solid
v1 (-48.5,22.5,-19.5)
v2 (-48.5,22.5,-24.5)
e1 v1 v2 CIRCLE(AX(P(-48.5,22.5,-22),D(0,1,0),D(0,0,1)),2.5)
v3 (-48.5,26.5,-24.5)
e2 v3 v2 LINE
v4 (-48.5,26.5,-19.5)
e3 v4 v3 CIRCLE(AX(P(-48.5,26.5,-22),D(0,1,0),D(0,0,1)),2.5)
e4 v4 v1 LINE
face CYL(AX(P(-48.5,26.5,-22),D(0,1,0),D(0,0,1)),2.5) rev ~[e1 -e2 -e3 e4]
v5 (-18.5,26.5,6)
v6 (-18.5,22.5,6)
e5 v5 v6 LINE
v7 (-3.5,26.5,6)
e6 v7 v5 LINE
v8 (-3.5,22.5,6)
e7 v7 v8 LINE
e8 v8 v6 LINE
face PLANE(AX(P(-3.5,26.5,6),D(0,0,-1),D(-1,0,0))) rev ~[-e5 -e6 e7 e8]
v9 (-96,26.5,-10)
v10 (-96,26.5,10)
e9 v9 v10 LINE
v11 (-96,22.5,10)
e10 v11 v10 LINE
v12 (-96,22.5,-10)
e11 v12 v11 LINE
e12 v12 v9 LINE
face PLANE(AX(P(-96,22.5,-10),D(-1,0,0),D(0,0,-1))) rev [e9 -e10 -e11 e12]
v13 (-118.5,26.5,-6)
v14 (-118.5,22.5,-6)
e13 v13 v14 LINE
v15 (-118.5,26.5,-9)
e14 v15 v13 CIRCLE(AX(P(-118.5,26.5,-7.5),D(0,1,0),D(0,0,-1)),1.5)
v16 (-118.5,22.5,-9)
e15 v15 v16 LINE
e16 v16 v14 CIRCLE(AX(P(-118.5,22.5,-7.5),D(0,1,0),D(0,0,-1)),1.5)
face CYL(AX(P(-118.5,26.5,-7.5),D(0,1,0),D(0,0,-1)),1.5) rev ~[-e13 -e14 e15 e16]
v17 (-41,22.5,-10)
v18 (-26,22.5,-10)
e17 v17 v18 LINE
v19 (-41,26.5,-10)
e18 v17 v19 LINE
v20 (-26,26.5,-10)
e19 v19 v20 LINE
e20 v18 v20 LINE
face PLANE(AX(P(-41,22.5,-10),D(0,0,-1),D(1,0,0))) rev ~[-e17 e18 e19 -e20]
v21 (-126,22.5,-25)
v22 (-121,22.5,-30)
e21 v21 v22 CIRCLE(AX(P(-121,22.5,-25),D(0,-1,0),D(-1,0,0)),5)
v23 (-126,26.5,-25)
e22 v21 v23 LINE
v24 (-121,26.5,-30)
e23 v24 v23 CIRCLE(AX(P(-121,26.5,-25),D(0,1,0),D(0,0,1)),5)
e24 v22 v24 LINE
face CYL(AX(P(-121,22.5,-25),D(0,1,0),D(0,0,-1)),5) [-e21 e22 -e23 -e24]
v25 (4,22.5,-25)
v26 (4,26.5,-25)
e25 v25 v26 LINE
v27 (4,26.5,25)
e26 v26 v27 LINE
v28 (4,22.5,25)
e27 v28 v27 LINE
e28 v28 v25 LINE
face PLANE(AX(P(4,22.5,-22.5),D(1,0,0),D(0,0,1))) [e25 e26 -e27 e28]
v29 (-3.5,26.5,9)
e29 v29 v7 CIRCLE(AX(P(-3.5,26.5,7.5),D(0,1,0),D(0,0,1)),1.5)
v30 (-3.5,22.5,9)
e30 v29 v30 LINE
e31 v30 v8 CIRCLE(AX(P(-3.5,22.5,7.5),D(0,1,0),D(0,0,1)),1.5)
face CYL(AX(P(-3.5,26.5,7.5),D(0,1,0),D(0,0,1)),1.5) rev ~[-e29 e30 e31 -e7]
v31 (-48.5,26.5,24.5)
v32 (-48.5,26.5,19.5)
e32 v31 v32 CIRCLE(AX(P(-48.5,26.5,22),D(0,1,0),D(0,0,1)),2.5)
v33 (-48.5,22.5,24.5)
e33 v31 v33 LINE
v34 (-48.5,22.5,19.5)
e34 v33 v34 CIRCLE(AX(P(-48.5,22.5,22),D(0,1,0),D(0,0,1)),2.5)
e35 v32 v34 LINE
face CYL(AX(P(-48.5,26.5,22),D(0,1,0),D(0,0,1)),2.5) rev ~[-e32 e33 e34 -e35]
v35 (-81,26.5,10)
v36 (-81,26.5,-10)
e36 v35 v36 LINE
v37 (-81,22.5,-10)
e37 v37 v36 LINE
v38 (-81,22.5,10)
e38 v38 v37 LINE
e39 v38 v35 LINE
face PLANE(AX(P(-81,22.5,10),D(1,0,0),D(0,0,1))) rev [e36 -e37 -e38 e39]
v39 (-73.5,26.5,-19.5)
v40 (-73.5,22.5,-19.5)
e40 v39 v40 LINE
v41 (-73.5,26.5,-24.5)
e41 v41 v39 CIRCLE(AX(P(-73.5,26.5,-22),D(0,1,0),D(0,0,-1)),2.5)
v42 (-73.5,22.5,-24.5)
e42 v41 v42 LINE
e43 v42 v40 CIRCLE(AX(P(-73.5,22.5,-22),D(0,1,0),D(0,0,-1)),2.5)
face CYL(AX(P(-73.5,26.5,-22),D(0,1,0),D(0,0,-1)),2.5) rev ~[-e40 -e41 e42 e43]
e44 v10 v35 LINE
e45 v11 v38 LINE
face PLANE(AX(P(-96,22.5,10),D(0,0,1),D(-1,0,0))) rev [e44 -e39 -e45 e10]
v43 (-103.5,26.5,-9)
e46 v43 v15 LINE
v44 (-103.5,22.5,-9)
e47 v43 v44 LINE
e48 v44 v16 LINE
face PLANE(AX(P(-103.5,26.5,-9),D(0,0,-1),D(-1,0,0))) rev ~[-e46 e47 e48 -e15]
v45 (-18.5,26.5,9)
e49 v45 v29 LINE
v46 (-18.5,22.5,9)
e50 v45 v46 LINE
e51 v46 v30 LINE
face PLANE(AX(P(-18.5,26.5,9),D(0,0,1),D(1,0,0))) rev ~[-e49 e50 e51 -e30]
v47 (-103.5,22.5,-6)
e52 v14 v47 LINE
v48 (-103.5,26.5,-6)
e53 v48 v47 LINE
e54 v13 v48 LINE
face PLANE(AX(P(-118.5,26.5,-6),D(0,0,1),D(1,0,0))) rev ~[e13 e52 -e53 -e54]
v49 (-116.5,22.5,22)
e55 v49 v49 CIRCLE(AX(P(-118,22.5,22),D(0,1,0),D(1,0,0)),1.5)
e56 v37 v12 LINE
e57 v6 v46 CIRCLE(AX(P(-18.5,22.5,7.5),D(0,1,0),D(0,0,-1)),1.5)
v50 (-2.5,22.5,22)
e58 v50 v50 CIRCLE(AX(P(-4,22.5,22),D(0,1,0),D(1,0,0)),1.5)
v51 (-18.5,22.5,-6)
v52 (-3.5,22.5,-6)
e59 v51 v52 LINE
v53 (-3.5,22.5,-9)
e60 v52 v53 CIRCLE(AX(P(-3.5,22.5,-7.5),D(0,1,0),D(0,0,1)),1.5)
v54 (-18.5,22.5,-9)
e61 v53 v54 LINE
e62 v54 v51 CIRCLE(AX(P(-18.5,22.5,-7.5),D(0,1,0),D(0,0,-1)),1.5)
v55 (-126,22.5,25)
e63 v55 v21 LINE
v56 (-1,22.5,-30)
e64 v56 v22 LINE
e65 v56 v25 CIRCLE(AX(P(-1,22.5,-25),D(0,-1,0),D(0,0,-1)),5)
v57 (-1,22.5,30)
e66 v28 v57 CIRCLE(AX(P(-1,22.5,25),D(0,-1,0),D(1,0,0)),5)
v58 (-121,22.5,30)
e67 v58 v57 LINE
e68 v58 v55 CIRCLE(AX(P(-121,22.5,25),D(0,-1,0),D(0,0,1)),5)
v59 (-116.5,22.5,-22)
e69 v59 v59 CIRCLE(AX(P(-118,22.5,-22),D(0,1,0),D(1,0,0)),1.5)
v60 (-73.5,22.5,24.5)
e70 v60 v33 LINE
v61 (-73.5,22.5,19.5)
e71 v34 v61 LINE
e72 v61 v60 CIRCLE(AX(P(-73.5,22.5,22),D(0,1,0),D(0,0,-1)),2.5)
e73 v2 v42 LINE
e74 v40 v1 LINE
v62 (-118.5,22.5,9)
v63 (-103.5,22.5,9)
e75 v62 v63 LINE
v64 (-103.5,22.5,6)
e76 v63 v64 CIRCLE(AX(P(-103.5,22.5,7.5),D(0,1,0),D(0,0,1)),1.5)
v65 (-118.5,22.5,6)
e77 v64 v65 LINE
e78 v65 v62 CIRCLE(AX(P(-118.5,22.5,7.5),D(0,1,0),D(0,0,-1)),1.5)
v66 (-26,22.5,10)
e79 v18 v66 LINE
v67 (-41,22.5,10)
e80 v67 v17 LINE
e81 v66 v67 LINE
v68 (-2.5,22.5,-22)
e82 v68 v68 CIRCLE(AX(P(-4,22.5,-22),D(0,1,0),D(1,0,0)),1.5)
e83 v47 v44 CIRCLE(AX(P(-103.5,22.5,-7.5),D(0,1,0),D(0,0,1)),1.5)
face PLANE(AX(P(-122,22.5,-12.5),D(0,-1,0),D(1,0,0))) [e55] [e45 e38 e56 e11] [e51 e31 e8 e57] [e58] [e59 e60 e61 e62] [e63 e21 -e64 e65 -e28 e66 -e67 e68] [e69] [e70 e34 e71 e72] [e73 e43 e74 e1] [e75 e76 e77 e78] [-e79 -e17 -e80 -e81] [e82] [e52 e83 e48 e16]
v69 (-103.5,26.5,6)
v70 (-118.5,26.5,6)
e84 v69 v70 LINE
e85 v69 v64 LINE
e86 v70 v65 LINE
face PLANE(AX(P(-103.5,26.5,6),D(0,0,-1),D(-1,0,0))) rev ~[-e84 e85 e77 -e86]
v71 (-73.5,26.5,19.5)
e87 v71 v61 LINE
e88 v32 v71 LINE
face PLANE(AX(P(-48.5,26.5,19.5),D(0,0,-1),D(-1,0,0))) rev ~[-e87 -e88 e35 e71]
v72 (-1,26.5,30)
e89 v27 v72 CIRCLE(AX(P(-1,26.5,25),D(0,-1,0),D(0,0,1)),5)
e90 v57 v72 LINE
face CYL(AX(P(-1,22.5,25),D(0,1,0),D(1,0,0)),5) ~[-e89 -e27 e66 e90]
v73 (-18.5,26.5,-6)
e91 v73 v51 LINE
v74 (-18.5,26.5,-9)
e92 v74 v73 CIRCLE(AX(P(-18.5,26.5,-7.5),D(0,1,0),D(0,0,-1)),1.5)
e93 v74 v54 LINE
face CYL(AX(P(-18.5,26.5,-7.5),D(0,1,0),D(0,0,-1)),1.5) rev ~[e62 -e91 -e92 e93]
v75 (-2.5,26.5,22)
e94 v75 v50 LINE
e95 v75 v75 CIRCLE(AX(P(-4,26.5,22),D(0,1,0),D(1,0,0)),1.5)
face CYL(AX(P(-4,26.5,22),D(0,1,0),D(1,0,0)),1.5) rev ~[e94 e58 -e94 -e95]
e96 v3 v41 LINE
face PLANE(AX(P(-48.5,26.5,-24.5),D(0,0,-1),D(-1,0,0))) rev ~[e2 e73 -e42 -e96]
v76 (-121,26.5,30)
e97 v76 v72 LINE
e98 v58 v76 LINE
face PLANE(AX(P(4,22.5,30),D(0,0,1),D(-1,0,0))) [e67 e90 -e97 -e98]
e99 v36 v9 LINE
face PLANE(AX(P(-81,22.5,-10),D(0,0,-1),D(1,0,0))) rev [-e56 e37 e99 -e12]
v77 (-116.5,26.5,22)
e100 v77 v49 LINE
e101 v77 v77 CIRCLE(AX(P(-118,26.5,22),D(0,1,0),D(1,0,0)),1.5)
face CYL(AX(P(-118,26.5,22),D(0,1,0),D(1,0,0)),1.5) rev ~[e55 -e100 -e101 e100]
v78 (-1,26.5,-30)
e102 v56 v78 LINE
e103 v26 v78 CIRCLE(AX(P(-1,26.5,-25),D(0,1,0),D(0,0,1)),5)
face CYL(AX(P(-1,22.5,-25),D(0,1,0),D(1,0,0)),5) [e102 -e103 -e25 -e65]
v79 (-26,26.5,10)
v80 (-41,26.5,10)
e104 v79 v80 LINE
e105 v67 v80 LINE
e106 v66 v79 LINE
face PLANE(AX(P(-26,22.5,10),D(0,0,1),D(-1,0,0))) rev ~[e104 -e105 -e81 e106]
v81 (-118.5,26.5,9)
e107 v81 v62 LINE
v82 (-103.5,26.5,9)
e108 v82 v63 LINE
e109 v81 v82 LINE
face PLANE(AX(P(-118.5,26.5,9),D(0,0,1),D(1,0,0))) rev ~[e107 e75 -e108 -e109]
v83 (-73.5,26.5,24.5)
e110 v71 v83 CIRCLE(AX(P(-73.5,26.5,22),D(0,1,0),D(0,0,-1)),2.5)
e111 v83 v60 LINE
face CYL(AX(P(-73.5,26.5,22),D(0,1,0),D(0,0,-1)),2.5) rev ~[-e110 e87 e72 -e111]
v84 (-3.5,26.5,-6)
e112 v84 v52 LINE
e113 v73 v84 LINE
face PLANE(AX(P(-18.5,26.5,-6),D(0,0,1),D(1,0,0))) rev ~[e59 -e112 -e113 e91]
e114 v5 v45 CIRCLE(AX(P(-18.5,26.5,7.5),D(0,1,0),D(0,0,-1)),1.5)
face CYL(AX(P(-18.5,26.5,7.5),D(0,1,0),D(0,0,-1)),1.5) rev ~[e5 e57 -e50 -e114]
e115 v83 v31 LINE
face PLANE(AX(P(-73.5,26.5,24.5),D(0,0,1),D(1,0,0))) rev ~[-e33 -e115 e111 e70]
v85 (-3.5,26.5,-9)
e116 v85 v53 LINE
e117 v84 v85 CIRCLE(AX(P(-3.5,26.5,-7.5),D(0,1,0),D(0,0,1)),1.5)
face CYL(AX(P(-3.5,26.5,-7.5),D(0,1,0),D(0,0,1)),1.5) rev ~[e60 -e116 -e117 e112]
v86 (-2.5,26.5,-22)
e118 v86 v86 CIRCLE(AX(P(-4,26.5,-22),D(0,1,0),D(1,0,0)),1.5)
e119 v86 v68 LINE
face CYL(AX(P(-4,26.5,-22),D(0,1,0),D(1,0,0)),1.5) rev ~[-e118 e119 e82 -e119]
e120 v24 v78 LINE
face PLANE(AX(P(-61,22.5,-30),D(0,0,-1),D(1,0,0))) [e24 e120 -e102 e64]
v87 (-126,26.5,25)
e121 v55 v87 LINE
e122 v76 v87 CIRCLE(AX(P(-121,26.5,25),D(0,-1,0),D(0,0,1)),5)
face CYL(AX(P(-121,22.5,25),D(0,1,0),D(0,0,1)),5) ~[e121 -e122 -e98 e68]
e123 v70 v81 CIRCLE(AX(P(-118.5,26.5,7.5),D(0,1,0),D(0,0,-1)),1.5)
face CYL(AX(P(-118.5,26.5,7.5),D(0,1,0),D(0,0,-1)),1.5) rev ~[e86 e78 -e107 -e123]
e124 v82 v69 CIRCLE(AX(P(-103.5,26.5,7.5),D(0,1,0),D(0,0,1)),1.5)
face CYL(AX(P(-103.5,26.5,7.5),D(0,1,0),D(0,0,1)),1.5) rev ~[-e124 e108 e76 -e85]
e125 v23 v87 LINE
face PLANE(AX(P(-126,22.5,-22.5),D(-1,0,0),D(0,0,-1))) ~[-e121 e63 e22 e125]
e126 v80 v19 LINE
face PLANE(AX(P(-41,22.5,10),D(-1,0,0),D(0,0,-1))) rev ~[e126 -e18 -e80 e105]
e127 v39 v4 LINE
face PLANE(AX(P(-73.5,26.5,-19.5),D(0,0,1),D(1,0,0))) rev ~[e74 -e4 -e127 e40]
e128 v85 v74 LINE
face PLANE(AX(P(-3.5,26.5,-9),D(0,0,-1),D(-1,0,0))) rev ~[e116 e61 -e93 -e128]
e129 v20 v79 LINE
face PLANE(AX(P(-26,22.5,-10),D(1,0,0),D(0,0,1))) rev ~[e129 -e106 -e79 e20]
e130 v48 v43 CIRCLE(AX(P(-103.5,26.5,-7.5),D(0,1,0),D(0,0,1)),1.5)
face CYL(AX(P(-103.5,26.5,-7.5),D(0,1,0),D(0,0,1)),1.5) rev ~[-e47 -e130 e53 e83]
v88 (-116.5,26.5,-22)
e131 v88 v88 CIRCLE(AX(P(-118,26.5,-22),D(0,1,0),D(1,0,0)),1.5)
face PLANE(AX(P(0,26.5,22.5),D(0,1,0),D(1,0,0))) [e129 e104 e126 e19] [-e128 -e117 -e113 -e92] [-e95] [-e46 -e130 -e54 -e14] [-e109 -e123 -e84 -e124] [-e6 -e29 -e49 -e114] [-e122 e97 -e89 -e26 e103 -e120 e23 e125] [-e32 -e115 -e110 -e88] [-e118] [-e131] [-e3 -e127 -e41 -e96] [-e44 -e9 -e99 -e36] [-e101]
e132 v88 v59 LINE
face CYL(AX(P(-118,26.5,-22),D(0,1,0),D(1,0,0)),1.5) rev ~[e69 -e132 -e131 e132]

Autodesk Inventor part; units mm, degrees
ref_plane "YZ Plane" through (0, 0, 0) normal (1, 0, 0) x (0, 1, 0)
ref_plane "XZ Plane" through (0, 0, 0) normal (0, 1, 0) x (-1, 0, 0)
sketch "Motor Support" plane through (0, 0, 0) normal (1, 0, 0) x (0, 1, 0)
  circle A0 centre (0, 0) radius 11.25
  line L0 (-12.5, -22.5) -> (22.5, -22.5)
  line L1 (22.5, -22.5) -> (22.5, 22.5)
  line L2 (22.5, 22.5) -> (-12.5, 22.5)
  line L3 (-22.5, 12.5) -> (-22.5, -12.5)
  arc A1 (-12.5, 22.5) -> (-22.5, 12.5) centre (-12.5, 12.5) ccw
  arc A2 (-22.5, -12.5) -> (-12.5, -22.5) centre (-12.5, -12.5) ccw
  circle A3 centre (15.5, 15.5) radius 1.5
  circle A4 centre (15.5, -15.5) radius 1.5
  circle A5 centre (-15.5, 15.5) radius 1.5
  circle A6 centre (-15.5, -15.5) radius 1.5
  point P0 (-22.5, 22.5)
  point P1 (22.5, 0)
  dimension "d0" = 22.5
  dimension "d1" = 45
  dimension "d2" = 45
  dimension "d3" = 10
  dimension "d4" = 22.5
  dimension "d5" = 3
  dimension "d6" = 3
  dimension "d7" = 3
  dimension "d8" = 3
  dimension "d9" = 31
  dimension "d10" = 31
  dimension "d11" = 15.5
  dimension "d12" = 15.5
extrude "Motor Support E" add sketch "Motor Support" along normal blind 4
sketch "Base" plane through (0, 22.5, 22.5) normal (0, 1, 0) x (1, 0, 0)
  line L0 (0, 45) -> (0, 0) projected
  line L1 (0, 0) -> (4, 0) projected
  line L2 (4, 45) -> (4, 0) projected
  line L3 (0, 45) -> (4, 45) projected
  line L4 (4, -7.5) -> (-61, -7.5)
  line L5 (-61, -7.5) -> (-61, 52.5)
  line L6 (-61, 52.5) -> (4, 52.5)
  line L7 (4, 52.5) -> (4, -7.5)
  line L8 (-41, 32.5) -> (-26, 32.5)
  line L9 (-26, 32.5) -> (-26, 12.5)
  line L10 (-26, 12.5) -> (-41, 12.5)
  line L11 (-41, 12.5) -> (-41, 32.5)
  point P0 (0, 22.5)
  point P1 (4, 22.5)
  point P2 (-26, 22.5)
  point P3 (0, 22.5)
  dimension "d15" = 65
  dimension "d16" = 60
  dimension "d19" = 15
  dimension "d20" = 20
  dimension "d21" = 26
extrude "Base E" add sketch "Base" along normal blind 4
ref_plane "Mid Plane" through (-61, 26.5, 30) normal (-1, 0, 0) x (0, 0, 1)
mirror "Mirror Base" about plane through (-61, 26.5, 30) normal (-1, 0, 0)
fillet "Fillet1" radius 5 4 edges at (4, 24.5, 30) (4, 24.5, -30) (-126, 24.5, 30) (-126, 24.5, -30)
fillet "Fillet2" radius 5 4 edges at (2, 22.5, -22.5) (2, 22.5, 22.5) (-124, 22.5, -22.5) (-124, 22.5, 22.5)
sketch "Base Hole Pattern" plane through (0, 26.5, 22.5) normal (0, 1, 0) x (1, 0, 0)
  circle A0 centre (-4, 0.5) radius 1.5
  circle A1 centre (-118, 44.5) radius 1.5
  circle A2 centre (-118, 0.5) radius 1.5
  circle A3 centre (-4, 44.5) radius 1.5
  arc A4 (-121, 52.5) -> (-126, 47.5) centre (-121, 47.5) ccw projected
  line L0 (-126, -2.5) -> (-126, 47.5) projected
  arc A5 (-126, -2.5) -> (-121, -7.5) centre (-121, -2.5) ccw projected
  line L1 (-1, -7.5) -> (-121, -7.5) projected
  arc A6 (-1, -7.5) -> (4, -2.5) centre (-1, -2.5) ccw projected
  line L2 (4, -2.5) -> (4, 47.5) projected
  arc A7 (4, 47.5) -> (-1, 52.5) centre (-1, 47.5) ccw projected
  line L3 (-1, 52.5) -> (-121, 52.5) projected
  line L4 (-81, 32.5) -> (-96, 32.5) projected
  line L5 (-81, 12.5) -> (-81, 32.5) projected
  line L6 (-96, 12.5) -> (-81, 12.5) projected
  line L7 (-96, 32.5) -> (-96, 12.5) projected
  line L8 (-41, 32.5) -> (-26, 32.5) projected
  line L9 (-26, 32.5) -> (-26, 12.5) projected
  line L10 (-26, 12.5) -> (-41, 12.5) projected
  line L11 (-41, 12.5) -> (-41, 32.5) projected
  line L12 (-73.5, 44.5) -> (-48.5, 44.5) construction
  line L13 (-73.5, 42) -> (-48.5, 42)
  line L14 (-48.5, 47) -> (-73.5, 47)
  arc A8 (-73.5, 47) -> (-73.5, 42) centre (-73.5, 44.5) ccw
  arc A9 (-48.5, 42) -> (-48.5, 47) centre (-48.5, 44.5) ccw
  line L15 (-73.5, 0.5) -> (-48.5, 0.5) construction
  line L16 (-73.5, -2) -> (-48.5, -2)
  line L17 (-48.5, 3) -> (-73.5, 3)
  arc A10 (-73.5, 3) -> (-73.5, -2) centre (-73.5, 0.5) ccw
  arc A11 (-48.5, -2) -> (-48.5, 3) centre (-48.5, 0.5) ccw
  line L18 (-118.5, 30) -> (-103.5, 30) construction
  line L19 (-118.5, 28.5) -> (-103.5, 28.5)
  line L20 (-103.5, 31.5) -> (-118.5, 31.5)
  arc A12 (-118.5, 31.5) -> (-118.5, 28.5) centre (-118.5, 30) ccw
  arc A13 (-103.5, 28.5) -> (-103.5, 31.5) centre (-103.5, 30) ccw
  line L21 (-118.5, 15) -> (-103.5, 15) construction
  line L22 (-118.5, 13.5) -> (-103.5, 13.5)
  line L23 (-103.5, 16.5) -> (-118.5, 16.5)
  arc A14 (-118.5, 16.5) -> (-118.5, 13.5) centre (-118.5, 15) ccw
  arc A15 (-103.5, 13.5) -> (-103.5, 16.5) centre (-103.5, 15) ccw
  line L24 (-18.5, 30) -> (-3.5, 30) construction
  line L25 (-18.5, 28.5) -> (-3.5, 28.5)
  line L26 (-3.5, 31.5) -> (-18.5, 31.5)
  arc A16 (-18.5, 31.5) -> (-18.5, 28.5) centre (-18.5, 30) ccw
  arc A17 (-3.5, 28.5) -> (-3.5, 31.5) centre (-3.5, 30) ccw
  line L27 (-18.5, 15) -> (-3.5, 15) construction
  line L28 (-18.5, 13.5) -> (-3.5, 13.5)
  line L29 (-3.5, 16.5) -> (-18.5, 16.5)
  arc A18 (-18.5, 16.5) -> (-18.5, 13.5) centre (-18.5, 15) ccw
  arc A19 (-3.5, 13.5) -> (-3.5, 16.5) centre (-3.5, 15) ccw
  point P0 (-61, 44.5)
  point P1 (-61, 52.5)
  point P2 (-61, 0.5)
  point P3 (-111, 30)
  point P4 (-111, 15)
  point P5 (-11, 30)
  point P6 (-11, 15)
  dimension "d29" = 3
  dimension "d30" = 3
  dimension "d33" = 3
  dimension "d34" = 3
  dimension "d35" = 8
  dimension "d36" = 8
  dimension "d37" = 8
  dimension "d38" = 8
  dimension "d43" = 25
  dimension "d44" = 5
  dimension "d45" = 25
  dimension "d46" = 2.5
  dimension "d47" = 15
  dimension "d48" = 3
  dimension "d49" = 15
  dimension "d50" = 3
  dimension "d51" = 15
  dimension "d52" = 15
  dimension "d53" = 22.5
  dimension "d56" = 15
  dimension "d57" = 3
  dimension "d58" = 15
  dimension "d59" = 3
  dimension "d60" = 15
  dimension "d61" = 22.5
  dimension "d62" = 15
extrude "Spacer Holes" cut sketch "Base Hole Pattern" against normal blind 10 contours A0 | A1 | A2 | A3
extrude "Base Slots" cut sketch "Base Hole Pattern" against normal blind 10 contours A8 L14 A9 L13 | A10 L17 A11 L16 | A12 L20 A13 L19 | A14 L23 A15 L22 | A16 L26 A17 L25 | A18 L29 A19 L28
sketch "Sketch6" plane through (-122, -22.5, -12.5) normal (0, -1, 0) x (1, 0, 0)
  line L0 (-11.238, 55.4401) -> (134.3481, 55.4401)
  line L1 (134.3481, 55.4401) -> (134.3481, -24.4895)
  line L2 (134.3481, -24.4895) -> (-11.238, -24.4895)
  line L3 (-11.238, -24.4895) -> (-11.238, 55.4401)
  point P0 (122, 12.5)
extrude "Extrusion7" cut sketch "Sketch6" against normal up to surface (45 mm away)
equation "\"d6\" = d5"
equation "\"d7\" = d5"
equation "\"d8\" = d5"
equation "\"d30\" = d29"
equation "\"d33\" = d29"
equation "\"d34\" = d29"
equation "\"d36\" = d35"
equation "\"d37\" = d35"
equation "\"d38\" = d35"
equation "\"d45\" = d43"
equation "\"d46\" = 0.5 * d44"
equation "\"d49\" = d47"
equation "\"d50\" = d48"
equation "\"d56\" = d47"
equation "\"d57\" = d48"
equation "\"d58\" = d47"
equation "\"d59\" = d48"
equation "\"d60\" = d52"
equation "\"d61\" = d53"
equation "\"d62\" = d51"
properties part number "Top"
